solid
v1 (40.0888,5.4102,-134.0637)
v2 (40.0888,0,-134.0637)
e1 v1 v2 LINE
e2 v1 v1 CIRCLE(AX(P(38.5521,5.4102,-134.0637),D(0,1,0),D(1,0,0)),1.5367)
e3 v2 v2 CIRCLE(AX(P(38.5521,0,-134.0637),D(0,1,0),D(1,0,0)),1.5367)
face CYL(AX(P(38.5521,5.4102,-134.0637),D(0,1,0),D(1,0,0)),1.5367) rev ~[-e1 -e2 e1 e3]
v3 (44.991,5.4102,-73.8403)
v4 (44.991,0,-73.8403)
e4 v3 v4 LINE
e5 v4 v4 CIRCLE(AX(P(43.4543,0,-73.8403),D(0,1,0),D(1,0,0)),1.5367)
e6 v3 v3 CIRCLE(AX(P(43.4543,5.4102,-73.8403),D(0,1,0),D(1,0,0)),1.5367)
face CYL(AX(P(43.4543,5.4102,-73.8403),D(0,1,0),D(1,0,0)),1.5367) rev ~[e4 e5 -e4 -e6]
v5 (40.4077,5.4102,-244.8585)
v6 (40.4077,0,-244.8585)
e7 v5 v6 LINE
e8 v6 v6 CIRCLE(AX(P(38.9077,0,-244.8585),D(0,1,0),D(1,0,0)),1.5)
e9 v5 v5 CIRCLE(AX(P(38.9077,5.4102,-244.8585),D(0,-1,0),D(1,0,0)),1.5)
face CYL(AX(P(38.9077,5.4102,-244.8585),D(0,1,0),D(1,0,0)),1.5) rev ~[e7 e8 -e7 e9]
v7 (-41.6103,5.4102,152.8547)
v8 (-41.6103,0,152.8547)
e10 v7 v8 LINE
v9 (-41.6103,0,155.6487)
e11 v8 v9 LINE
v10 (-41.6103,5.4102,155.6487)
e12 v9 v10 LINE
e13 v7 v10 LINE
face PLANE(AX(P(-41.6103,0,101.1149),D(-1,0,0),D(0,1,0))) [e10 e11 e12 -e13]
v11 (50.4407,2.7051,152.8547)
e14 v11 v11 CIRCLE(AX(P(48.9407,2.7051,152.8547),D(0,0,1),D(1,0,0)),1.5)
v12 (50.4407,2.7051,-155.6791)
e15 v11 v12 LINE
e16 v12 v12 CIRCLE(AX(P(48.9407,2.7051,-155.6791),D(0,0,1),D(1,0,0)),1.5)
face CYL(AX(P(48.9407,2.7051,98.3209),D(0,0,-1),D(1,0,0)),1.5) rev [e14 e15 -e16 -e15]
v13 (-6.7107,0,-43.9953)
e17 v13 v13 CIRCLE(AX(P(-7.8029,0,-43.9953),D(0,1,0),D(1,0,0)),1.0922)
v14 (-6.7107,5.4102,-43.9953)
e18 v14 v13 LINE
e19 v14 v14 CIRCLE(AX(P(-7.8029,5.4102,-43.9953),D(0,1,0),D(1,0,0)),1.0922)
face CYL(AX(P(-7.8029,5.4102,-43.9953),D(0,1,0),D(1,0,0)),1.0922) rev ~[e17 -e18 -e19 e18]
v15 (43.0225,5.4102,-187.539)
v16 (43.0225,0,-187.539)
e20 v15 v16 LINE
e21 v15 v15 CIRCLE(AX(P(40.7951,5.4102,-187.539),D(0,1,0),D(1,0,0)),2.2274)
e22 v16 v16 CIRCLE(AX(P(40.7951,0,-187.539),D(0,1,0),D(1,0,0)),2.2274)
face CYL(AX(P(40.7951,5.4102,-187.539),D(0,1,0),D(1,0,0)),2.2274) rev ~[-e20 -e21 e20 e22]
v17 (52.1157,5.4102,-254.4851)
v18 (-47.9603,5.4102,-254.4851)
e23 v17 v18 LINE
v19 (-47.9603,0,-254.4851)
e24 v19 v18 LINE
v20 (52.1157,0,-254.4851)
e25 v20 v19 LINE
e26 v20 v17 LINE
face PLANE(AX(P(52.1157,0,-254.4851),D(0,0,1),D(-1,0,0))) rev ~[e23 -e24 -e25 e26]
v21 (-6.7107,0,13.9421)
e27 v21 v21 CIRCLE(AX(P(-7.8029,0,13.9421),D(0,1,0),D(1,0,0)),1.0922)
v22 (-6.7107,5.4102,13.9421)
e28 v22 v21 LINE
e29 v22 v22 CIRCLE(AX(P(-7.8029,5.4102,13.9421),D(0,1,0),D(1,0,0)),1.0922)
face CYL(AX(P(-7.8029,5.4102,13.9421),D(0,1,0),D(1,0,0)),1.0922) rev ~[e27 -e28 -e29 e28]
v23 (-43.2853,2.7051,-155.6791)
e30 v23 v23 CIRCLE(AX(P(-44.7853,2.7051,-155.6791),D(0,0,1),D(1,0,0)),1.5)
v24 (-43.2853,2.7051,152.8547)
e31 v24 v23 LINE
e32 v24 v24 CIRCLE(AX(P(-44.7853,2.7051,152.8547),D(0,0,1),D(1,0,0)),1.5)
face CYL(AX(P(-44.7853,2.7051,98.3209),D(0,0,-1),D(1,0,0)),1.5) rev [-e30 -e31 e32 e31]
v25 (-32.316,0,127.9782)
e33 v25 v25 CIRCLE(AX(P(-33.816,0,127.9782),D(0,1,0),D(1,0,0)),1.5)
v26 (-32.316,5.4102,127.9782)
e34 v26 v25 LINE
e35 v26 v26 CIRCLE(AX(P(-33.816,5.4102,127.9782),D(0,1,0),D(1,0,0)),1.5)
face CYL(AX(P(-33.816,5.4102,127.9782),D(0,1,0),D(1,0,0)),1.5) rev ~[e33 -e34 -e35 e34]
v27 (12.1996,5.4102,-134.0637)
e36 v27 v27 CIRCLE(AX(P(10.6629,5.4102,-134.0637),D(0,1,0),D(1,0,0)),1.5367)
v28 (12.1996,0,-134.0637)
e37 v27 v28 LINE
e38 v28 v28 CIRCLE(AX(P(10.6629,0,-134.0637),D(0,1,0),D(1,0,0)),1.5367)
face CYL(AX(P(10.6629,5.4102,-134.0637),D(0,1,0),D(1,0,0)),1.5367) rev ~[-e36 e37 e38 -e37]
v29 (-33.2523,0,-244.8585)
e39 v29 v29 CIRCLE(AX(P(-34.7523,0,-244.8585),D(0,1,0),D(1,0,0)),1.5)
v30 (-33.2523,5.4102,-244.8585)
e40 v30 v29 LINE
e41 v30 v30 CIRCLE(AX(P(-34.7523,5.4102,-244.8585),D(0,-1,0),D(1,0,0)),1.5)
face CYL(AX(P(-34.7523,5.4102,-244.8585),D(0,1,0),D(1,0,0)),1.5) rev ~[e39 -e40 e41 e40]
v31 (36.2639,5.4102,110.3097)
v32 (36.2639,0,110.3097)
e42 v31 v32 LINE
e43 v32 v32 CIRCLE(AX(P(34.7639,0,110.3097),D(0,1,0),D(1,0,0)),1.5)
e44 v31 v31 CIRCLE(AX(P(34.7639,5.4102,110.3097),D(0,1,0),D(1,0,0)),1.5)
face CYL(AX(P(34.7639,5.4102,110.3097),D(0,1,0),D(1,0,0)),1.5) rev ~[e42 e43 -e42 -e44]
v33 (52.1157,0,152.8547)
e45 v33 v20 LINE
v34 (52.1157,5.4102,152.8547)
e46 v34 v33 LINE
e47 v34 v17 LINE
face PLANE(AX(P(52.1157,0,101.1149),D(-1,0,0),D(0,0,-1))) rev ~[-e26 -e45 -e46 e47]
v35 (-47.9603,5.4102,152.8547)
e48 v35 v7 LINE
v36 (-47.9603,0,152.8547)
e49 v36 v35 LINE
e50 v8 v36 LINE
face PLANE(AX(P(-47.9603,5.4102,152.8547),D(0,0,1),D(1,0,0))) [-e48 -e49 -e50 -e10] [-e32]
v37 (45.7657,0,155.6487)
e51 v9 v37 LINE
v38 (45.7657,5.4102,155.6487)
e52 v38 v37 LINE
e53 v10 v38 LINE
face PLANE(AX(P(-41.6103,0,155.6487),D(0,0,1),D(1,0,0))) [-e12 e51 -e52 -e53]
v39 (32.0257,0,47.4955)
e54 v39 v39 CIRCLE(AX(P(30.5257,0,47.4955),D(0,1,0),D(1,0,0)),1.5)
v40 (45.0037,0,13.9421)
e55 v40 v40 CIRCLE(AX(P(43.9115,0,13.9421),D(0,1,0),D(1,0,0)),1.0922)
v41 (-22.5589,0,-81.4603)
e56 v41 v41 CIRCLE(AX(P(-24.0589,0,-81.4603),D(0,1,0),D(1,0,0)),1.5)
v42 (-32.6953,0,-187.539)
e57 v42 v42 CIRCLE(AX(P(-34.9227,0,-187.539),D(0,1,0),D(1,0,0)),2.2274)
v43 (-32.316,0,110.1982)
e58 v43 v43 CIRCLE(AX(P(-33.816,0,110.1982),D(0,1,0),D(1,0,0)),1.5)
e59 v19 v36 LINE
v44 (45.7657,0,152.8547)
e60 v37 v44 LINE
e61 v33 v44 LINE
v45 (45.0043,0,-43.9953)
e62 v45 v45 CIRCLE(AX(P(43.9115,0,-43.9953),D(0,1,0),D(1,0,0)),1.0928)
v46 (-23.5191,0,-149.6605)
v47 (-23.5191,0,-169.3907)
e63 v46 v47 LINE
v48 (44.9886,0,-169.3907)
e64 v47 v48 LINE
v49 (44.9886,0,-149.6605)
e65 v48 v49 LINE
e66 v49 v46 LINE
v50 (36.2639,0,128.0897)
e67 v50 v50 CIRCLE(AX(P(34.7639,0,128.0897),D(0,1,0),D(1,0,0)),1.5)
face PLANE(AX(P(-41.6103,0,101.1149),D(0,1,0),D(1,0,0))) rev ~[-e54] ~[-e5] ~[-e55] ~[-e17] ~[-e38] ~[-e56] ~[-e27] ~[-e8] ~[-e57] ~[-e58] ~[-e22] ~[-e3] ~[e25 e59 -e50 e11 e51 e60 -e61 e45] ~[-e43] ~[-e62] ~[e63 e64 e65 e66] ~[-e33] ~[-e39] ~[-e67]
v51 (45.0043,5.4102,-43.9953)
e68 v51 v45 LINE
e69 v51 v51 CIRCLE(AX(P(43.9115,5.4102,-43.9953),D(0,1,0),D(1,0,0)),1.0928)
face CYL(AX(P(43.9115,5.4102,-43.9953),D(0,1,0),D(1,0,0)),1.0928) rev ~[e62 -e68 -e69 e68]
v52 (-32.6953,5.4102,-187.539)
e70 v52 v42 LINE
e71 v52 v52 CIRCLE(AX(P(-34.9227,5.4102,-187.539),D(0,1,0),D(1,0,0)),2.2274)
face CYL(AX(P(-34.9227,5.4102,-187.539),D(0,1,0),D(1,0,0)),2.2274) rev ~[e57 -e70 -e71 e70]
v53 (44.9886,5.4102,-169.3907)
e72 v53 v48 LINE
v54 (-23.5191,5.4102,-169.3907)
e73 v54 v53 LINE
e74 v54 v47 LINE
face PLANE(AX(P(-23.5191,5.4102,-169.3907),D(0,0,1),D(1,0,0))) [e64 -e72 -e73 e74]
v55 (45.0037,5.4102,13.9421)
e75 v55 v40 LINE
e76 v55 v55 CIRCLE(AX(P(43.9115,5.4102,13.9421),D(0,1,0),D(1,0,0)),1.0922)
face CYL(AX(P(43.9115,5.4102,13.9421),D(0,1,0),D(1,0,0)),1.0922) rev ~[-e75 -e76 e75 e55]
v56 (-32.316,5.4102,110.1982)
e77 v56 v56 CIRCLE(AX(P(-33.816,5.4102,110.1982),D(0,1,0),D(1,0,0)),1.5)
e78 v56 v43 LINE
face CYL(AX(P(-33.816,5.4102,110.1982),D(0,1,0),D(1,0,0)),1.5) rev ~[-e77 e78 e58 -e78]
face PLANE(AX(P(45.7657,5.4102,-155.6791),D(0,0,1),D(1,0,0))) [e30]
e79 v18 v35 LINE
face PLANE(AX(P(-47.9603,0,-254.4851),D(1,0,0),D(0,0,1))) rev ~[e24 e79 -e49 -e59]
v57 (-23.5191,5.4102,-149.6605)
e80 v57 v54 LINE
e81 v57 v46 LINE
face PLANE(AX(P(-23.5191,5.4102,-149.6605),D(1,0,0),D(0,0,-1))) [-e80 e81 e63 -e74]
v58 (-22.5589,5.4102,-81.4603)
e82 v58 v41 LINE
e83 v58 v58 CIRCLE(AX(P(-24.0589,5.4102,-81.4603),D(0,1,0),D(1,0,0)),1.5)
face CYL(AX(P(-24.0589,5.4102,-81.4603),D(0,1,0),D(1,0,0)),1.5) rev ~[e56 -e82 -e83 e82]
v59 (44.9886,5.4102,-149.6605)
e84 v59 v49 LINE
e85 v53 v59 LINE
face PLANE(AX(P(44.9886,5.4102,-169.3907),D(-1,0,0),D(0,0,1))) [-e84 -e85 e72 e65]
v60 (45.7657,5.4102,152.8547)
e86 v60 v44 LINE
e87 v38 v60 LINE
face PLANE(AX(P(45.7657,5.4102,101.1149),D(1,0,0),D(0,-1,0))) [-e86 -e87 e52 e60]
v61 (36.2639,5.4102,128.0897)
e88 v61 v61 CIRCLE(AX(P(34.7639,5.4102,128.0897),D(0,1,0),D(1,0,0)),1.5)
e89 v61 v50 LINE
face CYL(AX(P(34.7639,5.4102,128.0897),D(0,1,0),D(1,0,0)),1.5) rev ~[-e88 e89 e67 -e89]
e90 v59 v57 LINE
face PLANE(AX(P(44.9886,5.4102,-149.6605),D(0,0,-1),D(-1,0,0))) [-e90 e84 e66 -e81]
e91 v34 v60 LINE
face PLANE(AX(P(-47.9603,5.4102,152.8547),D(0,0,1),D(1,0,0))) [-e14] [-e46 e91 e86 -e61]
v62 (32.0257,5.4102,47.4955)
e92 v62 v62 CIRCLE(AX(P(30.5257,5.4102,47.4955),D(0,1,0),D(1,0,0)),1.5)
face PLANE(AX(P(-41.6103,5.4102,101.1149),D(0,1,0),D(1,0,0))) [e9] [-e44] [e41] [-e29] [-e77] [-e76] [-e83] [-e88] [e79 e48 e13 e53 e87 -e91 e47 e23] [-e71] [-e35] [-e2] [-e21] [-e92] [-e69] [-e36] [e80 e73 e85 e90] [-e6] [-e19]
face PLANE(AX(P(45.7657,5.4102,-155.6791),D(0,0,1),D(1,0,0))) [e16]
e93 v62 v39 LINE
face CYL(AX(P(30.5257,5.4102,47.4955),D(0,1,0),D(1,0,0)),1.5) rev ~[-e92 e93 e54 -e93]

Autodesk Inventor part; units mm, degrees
ref_plane "YZ Plane" through (0, 0, 0) normal (1, 0, 0) x (0, 1, 0)
ref_plane "XZ Plane" through (0, 0, 0) normal (0, 1, 0) x (-1, 0, 0)
ref_plane "XY Plane" through (0, 0, 0) normal (0, 0, 1) x (1, 0, 0)
sketch "Sketch1" plane through (0, 0, 0) normal (0, 1, 0) x (-1, 0, 0)
  line L0 (47.9603, 101.1149) -> (-52.1157, 101.1149)
  line L1 (-52.1157, 101.1149) -> (-52.1157, -254.4851)
  line L2 (-52.1157, -254.4851) -> (47.9603, -254.4851)
  line L3 (47.9603, -254.4851) -> (47.9603, 101.1149)
  point P0 (0, 0)
  dimension "d0" = 100.076
  dimension "d1" = 355.6
extrude "Extrusion1" add sketch "Sketch1" along normal blind 5.4102
sketch "Sketch5" plane through (0, 5.4102, 0) normal (0, 1, 0) x (1, 0, 0)
  circle A0 centre (-34.7523, 244.8585) radius 1.5
  circle A1 centre (38.9077, 244.8585) radius 1.5
  line L0 (-34.7355, 243.3586) -> (38.8909, 243.3586)
  line L1 (52.1157, 254.4851) -> (-47.9603, 254.4851) projected
  point P0 (0, 0)
  point P1 (2.0777, 243.3586)
  point P2 (2.0777, 254.4851)
  dimension "d8" = 3
  dimension "d9" = 3
  dimension "d10" = 73.66
  dimension "d11" = 9.6266
extrude "Extrusion3" cut sketch "Sketch5" against normal blind 25.4
sketch "Sketch6" plane through (0, 5.4102, 0) normal (0, 1, 0) x (1, 0, 0)
  line L0 (-47.9603, -101.1149) -> (52.1157, -101.1149) projected
  line L1 (-47.9603, -101.1149) -> (-41.6103, -101.1149)
  line L2 (-41.6103, -101.1149) -> (-41.6103, -98.3209)
  line L3 (-41.6103, -98.3209) -> (-47.9603, -98.3209)
  line L4 (-47.9603, -98.3209) -> (-47.9603, -101.1149)
  line L5 (52.1157, -101.1149) -> (45.7657, -101.1149)
  line L6 (45.7657, -101.1149) -> (45.7657, -98.3209)
  line L7 (45.7657, -98.3209) -> (52.1157, -98.3209)
  line L8 (52.1157, -98.3209) -> (52.1157, -101.1149)
  point P0 (0, 0)
  dimension "d14" = 2.794
  dimension "d15" = 6.35
  dimension "d16" = 6.35
extrude "Extrusion4" cut sketch "Sketch6" against normal blind 25.4
sketch "Sketch7" plane through (45.7657, 5.4102, 98.3209) normal (0, 0, 1) x (1, 0, 0)
  circle A0 centre (3.175, -2.7051) radius 1.5
  line L0 (0, 0) -> (6.35, 0) projected
  line L1 (6.35, 0) -> (6.35, -5.4102) projected
  circle A1 centre (-90.551, -2.7051) radius 1.5
  line L2 (-93.726, 0) -> (-87.376, 0) projected
  line L3 (-93.726, -5.4102) -> (-93.726, 0) projected
  point P0 (-45.7657, -5.4102)
  point P1 (3.175, 0)
  point P2 (6.35, -2.7051)
  point P3 (-90.551, 0)
  point P4 (-93.726, -2.7051)
  dimension "d19" = 3
  dimension "d20" = 3
extrude "Extrusion5" cut sketch "Sketch7" against normal blind 254
sketch "Sketch8" plane through (-41.6103, 0, 101.1149) normal (0, 0, 1) x (1, 0, 0)
  line L0 (0, 5.4102) -> (87.376, 5.4102) projected
  line L1 (0, 0) -> (87.376, 0) projected
  line L2 (0, 5.4102) -> (87.376, 5.4102)
  line L3 (87.376, 5.4102) -> (87.376, 0)
  line L4 (87.376, 0) -> (0, 0)
  line L5 (0, 0) -> (0, 5.4102)
  point P0 (41.6103, 0)
extrude "Extrusion6" add sketch "Sketch8" along normal blind 54.5338
sketch "Sketch9" plane through (-47.9603, 5.4102, 98.3209) normal (0, 0, 1) x (1, 0, 0)
  line L0 (6.35, 0) -> (6.35, -5.4102) projected
  line L1 (0, 0) -> (6.35, 0)
  line L2 (6.35, 0) -> (6.35, -5.4102)
  line L3 (6.35, -5.4102) -> (0, -5.4102)
  line L4 (0, -5.4102) -> (0, 0)
  line L5 (100.076, 0) -> (100.076, -5.4102) projected
  line L6 (100.076, -5.4102) -> (93.726, -5.4102) projected
  line L7 (100.076, 0) -> (93.726, 0)
  line L8 (93.726, 0) -> (93.726, -5.4102)
  line L9 (93.726, -5.4102) -> (100.076, -5.4102)
  line L10 (100.076, -5.4102) -> (100.076, 0)
  circle A0 centre (96.901, -2.7051) radius 1.5
  circle A1 centre (3.175, -2.7051) radius 1.5
  point P0 (47.9603, -5.4102)
extrude "Extrusion7" add sketch "Sketch9" along normal blind 54.5338
sketch "Sketch10" plane through (0, 5.4102, 0) normal (0, 1, 0) x (1, 0, 0)
  line L0 (-37.6261, -131.8997) -> (38.5739, -131.8997) construction
  line L1 (-37.6261, -106.4997) -> (38.5739, -106.4997) construction
  line L2 (-47.9603, 254.4851) -> (-47.9603, -152.8547) construction
  line L3 (52.1157, -152.8547) -> (52.1157, 254.4851) construction
  line L4 (45.7657, -155.6487) -> (-41.6103, -155.6487) construction
  line L5 (-37.6261, -114.1197) -> (-12.2261, -114.1197) construction
  line L6 (-12.2261, -114.1197) -> (-12.2261, -124.2797) construction
  line L7 (-12.2261, -124.2797) -> (-37.6261, -124.2797) construction
  line L8 (-37.6261, -131.8997) -> (-37.6261, -124.2797) construction
  line L9 (-37.6261, -114.1197) -> (-37.6261, -106.4997) construction
  line L10 (38.5739, -114.1197) -> (13.1739, -114.1197) construction
  line L11 (13.1739, -114.1197) -> (13.1739, -124.2797) construction
  line L12 (13.1739, -124.2797) -> (38.5739, -124.2797) construction
  line L13 (38.5739, -131.8997) -> (38.5739, -124.2797) construction
  line L14 (38.5739, -114.1197) -> (38.5739, -106.4997) construction
  circle A0 centre (34.7639, -110.3097) radius 1.5
  circle A1 centre (34.7639, -128.0897) radius 1.5
  circle A2 centre (-33.816, -127.9782) radius 1.5
  circle A3 centre (-33.816, -110.1982) radius 1.5
  point P0 (0, 0)
  point P1 (38.5739, -110.3097)
  dimension "d27" = 76.2
  dimension "d28" = 25.4
  dimension "d31" = 23.749
  dimension "d32" = 7.62
  dimension "d33" = 7.62
  dimension "d34" = 25.4
  dimension "d35" = 25.4
  dimension "d36" = 68.58
  dimension "d37" = 17.78
  dimension "d38" = 17.78
  dimension "d39" = 68.58
  dimension "d40" = 3
  dimension "d41" = 3
  dimension "d42" = 3
  dimension "d43" = 3
  dimension "d44" = 3.81
  dimension "d45" = 25.4
  dimension "d46" = 25.4
  dimension "d47" = 7.62
  dimension "d48" = 7.62
  dimension "d49" = 7.62
  dimension "d50" = 7.62
  dimension "d51" = 76.2
  dimension "d52" = 25.4
  dimension "d53" = 25.4
  dimension "d54" = 17.78
extrude "Extrusion8" cut sketch "Sketch10" against normal blind 54.5338
sketch "Sketch11" plane through (0, 5.4102, 0) normal (0, 1, 0) x (1, 0, 0)
  line L0 (-41.6103, -155.6487) -> (45.7657, -155.6487) construction
  line L1 (43.9115, -155.6487) -> (43.9115, -13.9421) construction
  line L2 (43.9115, -13.9421) -> (52.1157, -13.9421) construction
  line L3 (52.1157, -152.8547) -> (52.1157, 254.4851) construction
  circle A0 centre (43.9115, -13.9421) radius 1.0922
  circle A1 centre (-7.8029, -13.9421) radius 1.0922
  circle A2 centre (43.9115, 43.9953) radius 1.0928
  circle A3 centre (-7.8029, 43.9953) radius 1.0922
  point P0 (0, 0)
  dimension "d57" = 141.7066
  dimension "d58" = 8.2042
  dimension "d59" = 2.1844
  dimension "d60" = 2.1844
  dimension "d62" = 51.7144
  dimension "d63" = 57.9374
  dimension "d64" = 57.9374
extrude "Extrusion9" cut sketch "Sketch11" against normal blind 54.5338
sketch "Sketch12" plane through (0, 5.4102, 0) normal (0, 1, 0) x (1, 0, 0)
  circle A0 centre (43.4543, 73.8403) radius 1.5367
  line L0 (52.1157, -152.8547) -> (52.1157, 254.4851) projected
  line L1 (52.1157, -152.8547) -> (45.7657, -152.8547) projected
  line L2 (46.0959, 58.6257) -> (46.0959, 133.7589) construction
  line L3 (46.0959, 58.6257) -> (-7.3203, 58.6257) construction
  line L4 (46.0959, 133.7589) -> (44.0639, 133.7589) construction
  line L5 (44.0639, 133.7589) -> (44.0639, 136.7053) construction
  line L6 (44.0639, 136.7053) -> (6.6751, 136.7053) construction
  line L7 (6.6751, 136.7053) -> (6.6751, 133.7589) construction
  line L8 (6.6751, 133.7589) -> (-7.2949, 133.7589) construction
  line L9 (-7.3203, 58.6257) -> (-7.2949, 133.7589) construction
  circle A1 centre (38.5521, 134.0637) radius 1.5367
  circle A2 centre (10.6629, 134.0637) radius 1.5367
  point P0 (0, 0)
  dimension "d67" = 3.0734
  dimension "d68" = 8.6614
  dimension "d69" = 226.695
  dimension "d89" = 15.2146
  dimension "d90" = 2.6416
  dimension "d91" = 75.1332
  dimension "d92" = 53.4162
  dimension "d93" = 2.032
  dimension "d94" = 2.9464
  dimension "d95" = 37.3888
  dimension "d96" = 13.97
  dimension "d97" = 75.1332
  dimension "d98" = 3.0734
  dimension "d99" = 2.6416
  dimension "d100" = 3.0734
  dimension "d101" = 2.6416
  dimension "d102" = 27.8892
  dimension "d103" = 7.5438
  dimension "d104" = 60.4226
extrude "Extrusion10" cut sketch "Sketch12" against normal blind 25.4
sketch "Sketch13" plane through (0, 5.4102, 0) normal (0, 1, 0) x (1, 0, 0)
  line L0 (44.9886, 149.6605) -> (-23.5191, 149.6605)
  line L1 (-23.5191, 149.6605) -> (-23.5191, 169.3907)
  line L2 (-23.5191, 169.3907) -> (44.9886, 169.3907)
  line L3 (44.9886, 169.3907) -> (44.9886, 149.6605)
  point P0 (0, 0)
extrude "Extrusion11" cut sketch "Sketch13" against normal blind 25.4
sketch "Sketch14" plane through (0, 5.4102, 0) normal (0, 1, 0) x (1, 0, 0)
  line L0 (-39.2837, 182.0907) -> (45.1561, 182.0907) construction
  line L1 (45.1561, 182.0907) -> (45.1561, 192.9873) construction
  line L2 (45.1561, 192.9873) -> (-39.2837, 192.9873) construction
  line L3 (-39.2837, 192.9873) -> (-39.2837, 182.0907) construction
  line L4 (-23.5191, 169.3907) -> (44.9886, 169.3907) construction
  circle A0 centre (40.7951, 187.539) radius 2.2274
  circle A1 centre (-34.9227, 187.539) radius 2.2274
  line L5 (-47.9603, 254.4851) -> (-47.9603, -152.8547) construction
  line L6 (52.1157, -152.8547) -> (52.1157, 254.4851) construction
  point P0 (0, 0)
  dimension "d107" = 84.4398
  dimension "d108" = 10.8966
  dimension "d109" = 12.7
  dimension "d110" = 2.1336
  dimension "d111" = 2.1336
  dimension "d114" = 6.9596
extrude "Extrusion12" cut sketch "Sketch14" against normal blind 25.4
sketch "Sketch15" plane through (0, 5.4102, 0) normal (0, 1, 0) x (1, 0, 0)
  circle A0 centre (30.5257, -47.4955) radius 1.5
  line L0 (-47.9603, 254.4851) -> (-47.9603, -152.8547) projected
  line L1 (-41.6103, -152.8547) -> (-47.9603, -152.8547) projected
  line L2 (52.1157, -152.8547) -> (52.1157, 254.4851) projected
  circle A1 centre (-24.0589, 81.4603) radius 1.5
  point P0 (0, 0)
  dimension "d117" = 3
  dimension "d119" = 105.3592
  dimension "d120" = 21.59
  dimension "d121" = 3
  dimension "d122" = 23.9014
  dimension "d123" = 234.315
extrude "Extrusion13" cut sketch "Sketch15" against normal blind 25.4
equation "\"d9\" = d8"
equation "\"d20\" = d19"
equation "\"d60\" = d59"
equation "\"d111\" = d110"
equation "\"d121\" = d117"
properties part number "Control Board"
